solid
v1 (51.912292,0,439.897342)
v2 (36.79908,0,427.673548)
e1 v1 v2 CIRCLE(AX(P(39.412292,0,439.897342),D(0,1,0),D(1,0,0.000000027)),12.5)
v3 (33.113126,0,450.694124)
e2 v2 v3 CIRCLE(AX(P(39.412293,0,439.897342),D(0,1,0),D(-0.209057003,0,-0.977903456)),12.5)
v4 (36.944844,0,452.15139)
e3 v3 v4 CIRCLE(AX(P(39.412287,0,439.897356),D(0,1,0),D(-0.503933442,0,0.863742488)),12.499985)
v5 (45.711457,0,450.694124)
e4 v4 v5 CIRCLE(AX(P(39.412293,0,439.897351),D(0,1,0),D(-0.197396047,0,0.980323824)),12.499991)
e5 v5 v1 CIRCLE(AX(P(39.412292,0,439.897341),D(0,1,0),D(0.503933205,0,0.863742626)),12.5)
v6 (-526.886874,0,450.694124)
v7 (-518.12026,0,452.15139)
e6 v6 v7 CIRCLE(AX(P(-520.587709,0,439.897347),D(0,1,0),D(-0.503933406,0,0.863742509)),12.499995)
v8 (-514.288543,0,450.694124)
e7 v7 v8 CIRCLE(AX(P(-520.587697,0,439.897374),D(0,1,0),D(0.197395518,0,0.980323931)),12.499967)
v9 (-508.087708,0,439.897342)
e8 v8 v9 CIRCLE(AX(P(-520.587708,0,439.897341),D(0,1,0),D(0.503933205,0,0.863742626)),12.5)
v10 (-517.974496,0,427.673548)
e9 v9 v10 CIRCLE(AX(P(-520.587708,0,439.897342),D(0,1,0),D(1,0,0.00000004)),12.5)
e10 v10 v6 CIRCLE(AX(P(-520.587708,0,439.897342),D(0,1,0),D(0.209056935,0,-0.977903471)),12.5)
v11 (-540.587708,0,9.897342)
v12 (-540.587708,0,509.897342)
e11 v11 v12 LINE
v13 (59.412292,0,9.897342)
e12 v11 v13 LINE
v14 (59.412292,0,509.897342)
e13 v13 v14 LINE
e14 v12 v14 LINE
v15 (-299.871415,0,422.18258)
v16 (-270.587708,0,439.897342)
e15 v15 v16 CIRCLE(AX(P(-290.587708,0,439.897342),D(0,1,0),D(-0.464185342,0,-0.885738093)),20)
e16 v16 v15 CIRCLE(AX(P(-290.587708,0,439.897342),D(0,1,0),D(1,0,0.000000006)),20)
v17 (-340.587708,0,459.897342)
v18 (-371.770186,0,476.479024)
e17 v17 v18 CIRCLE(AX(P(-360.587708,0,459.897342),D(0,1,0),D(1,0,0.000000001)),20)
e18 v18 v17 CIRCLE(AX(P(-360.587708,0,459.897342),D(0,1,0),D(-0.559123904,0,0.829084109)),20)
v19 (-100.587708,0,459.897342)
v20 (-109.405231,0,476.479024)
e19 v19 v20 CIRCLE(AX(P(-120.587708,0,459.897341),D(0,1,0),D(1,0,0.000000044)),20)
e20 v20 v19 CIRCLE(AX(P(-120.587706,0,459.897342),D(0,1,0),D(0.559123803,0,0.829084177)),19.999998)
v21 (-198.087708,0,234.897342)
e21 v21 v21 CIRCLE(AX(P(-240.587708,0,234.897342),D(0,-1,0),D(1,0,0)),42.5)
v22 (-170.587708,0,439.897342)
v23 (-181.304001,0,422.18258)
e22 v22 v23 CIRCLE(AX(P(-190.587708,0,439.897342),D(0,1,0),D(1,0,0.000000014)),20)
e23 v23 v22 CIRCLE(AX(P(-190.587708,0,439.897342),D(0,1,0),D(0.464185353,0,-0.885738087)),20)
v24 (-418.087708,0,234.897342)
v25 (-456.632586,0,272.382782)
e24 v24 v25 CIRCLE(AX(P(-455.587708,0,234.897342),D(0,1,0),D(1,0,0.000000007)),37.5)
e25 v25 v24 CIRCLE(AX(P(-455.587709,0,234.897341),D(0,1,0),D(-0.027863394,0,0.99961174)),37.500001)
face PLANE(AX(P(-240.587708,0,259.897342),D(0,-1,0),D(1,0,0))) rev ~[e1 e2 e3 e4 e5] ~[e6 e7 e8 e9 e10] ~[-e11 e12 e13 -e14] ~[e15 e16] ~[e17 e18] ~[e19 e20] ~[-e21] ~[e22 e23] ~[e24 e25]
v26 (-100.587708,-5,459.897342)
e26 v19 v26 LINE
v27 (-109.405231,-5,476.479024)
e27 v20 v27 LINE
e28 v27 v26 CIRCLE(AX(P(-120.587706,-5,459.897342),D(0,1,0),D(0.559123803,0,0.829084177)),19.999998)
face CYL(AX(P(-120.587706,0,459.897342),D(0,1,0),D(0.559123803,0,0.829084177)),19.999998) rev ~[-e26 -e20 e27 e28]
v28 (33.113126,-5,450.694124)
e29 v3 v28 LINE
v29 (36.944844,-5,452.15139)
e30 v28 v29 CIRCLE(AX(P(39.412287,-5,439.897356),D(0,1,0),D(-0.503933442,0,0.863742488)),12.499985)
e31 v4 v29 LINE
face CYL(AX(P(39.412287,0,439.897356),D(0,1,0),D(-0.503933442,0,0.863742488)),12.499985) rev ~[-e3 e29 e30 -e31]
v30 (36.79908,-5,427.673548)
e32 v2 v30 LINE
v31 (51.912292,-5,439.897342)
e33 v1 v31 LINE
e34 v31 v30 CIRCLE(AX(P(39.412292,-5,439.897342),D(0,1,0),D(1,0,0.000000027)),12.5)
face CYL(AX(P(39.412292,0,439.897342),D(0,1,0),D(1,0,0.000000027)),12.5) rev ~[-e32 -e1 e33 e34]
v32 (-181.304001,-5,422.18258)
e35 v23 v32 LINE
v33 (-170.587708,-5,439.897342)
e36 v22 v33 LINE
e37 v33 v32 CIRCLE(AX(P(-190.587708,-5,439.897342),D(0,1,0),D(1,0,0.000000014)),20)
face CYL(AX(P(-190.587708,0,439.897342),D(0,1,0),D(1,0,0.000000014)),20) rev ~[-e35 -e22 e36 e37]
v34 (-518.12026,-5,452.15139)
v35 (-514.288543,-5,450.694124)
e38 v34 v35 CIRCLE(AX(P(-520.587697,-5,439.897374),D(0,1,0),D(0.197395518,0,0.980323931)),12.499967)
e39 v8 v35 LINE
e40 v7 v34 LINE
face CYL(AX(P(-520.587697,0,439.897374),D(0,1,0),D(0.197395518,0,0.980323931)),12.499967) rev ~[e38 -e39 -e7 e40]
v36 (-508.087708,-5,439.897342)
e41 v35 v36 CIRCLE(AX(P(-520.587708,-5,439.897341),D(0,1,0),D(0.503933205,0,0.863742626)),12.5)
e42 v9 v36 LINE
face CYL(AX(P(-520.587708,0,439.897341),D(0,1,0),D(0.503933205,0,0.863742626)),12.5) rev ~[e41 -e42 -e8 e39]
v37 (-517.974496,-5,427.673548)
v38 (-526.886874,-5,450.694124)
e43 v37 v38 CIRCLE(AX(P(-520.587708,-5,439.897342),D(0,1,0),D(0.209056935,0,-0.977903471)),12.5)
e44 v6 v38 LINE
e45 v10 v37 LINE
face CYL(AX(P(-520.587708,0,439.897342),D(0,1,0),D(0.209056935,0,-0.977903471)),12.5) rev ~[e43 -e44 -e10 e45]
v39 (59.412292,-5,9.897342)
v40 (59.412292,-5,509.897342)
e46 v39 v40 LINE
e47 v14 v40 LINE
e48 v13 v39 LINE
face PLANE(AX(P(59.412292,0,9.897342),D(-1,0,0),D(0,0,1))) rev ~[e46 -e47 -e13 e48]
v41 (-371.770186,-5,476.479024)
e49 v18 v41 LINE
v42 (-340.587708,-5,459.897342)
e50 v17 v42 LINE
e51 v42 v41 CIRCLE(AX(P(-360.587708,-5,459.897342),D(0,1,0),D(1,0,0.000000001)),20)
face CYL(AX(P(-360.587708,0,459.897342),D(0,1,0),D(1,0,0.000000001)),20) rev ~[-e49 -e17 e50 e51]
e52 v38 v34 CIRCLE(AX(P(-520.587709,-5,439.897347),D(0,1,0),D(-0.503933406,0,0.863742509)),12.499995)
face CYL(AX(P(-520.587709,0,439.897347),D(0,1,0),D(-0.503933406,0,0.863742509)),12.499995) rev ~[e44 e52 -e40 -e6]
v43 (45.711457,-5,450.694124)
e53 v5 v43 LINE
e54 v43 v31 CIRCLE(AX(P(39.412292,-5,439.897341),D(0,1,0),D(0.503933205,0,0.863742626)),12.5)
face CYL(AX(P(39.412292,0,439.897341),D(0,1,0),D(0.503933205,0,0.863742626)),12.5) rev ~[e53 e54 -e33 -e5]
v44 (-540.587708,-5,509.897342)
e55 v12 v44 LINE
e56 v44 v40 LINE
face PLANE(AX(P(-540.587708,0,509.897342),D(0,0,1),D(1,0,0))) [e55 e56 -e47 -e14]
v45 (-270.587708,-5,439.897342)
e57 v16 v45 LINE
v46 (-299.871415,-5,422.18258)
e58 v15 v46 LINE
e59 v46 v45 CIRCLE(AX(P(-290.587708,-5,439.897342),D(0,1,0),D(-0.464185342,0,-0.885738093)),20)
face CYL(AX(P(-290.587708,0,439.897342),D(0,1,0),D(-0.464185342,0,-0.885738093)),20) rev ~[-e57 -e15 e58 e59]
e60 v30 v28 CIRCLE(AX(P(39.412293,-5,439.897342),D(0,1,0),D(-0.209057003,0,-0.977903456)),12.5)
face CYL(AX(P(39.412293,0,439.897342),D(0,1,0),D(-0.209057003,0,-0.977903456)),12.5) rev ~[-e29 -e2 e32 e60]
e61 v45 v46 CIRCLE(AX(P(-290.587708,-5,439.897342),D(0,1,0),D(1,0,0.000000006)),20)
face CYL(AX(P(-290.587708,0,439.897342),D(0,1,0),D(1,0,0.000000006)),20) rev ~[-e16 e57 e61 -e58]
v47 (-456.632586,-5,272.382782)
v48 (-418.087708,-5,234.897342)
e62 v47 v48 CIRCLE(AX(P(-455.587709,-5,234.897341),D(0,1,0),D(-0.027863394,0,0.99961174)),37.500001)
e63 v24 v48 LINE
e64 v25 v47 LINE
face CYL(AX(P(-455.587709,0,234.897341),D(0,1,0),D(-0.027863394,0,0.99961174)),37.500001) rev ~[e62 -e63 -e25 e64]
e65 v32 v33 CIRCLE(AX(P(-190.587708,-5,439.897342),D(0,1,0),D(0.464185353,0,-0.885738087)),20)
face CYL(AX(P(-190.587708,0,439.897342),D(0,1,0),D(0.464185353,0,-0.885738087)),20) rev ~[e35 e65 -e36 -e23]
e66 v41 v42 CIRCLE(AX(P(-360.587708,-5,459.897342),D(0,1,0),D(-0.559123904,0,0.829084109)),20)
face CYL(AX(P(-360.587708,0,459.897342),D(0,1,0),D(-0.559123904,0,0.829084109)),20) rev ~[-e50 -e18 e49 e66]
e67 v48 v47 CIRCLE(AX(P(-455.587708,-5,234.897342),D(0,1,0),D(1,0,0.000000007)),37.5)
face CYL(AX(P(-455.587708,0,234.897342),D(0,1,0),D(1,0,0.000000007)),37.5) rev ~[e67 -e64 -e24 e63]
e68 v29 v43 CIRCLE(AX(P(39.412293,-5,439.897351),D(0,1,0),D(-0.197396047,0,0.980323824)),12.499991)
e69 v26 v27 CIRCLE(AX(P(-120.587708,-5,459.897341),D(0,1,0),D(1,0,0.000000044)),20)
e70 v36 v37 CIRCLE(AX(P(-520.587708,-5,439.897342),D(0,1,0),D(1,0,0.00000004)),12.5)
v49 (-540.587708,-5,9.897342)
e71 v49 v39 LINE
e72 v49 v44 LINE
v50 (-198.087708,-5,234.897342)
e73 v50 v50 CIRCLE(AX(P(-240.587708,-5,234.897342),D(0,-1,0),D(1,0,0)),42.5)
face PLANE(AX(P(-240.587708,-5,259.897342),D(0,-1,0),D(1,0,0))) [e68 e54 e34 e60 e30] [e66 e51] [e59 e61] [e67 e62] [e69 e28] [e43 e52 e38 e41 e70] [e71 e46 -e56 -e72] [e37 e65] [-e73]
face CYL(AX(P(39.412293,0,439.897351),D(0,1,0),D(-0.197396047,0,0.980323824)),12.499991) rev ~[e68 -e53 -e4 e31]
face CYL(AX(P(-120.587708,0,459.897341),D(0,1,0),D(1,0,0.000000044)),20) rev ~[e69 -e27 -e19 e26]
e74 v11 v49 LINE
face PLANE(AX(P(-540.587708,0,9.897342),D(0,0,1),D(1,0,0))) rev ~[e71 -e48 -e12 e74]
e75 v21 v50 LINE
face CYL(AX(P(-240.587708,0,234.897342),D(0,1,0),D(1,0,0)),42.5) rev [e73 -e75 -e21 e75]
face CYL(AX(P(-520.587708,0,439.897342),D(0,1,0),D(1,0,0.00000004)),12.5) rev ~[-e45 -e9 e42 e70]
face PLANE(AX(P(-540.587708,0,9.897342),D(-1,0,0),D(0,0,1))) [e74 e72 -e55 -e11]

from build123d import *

# Parameters (mm, degrees)
F0_W     = 600
F0_H     = 500
F0_R     = 42.5
F1_DEPTH = 5


with BuildPart() as f1:
    # F0 (on Front) → F1 (new body)
    with BuildSketch(Plane.XZ):
        with Locations((-240.587708, 259.897342)):
            Rectangle(F0_W, F0_H)
        with BuildLine():
            ThreePointArc((-418.087708, 234.897342), (-481.732182, 208.013955), (-456.632586, 272.382782))
            ThreePointArc((-456.632586, 272.382782), (-429.443234, 261.780728), (-418.087708, 234.897342))
        make_face(mode=Mode.SUBTRACT)
        with Locations((-240.587708, 234.897342)):
            Circle(F0_R, mode=Mode.SUBTRACT)
        with BuildLine():
            ThreePointArc((-526.886874, 450.694124), (-522.637445, 452.22814), (-518.12026, 452.15139))
            ThreePointArc((-518.12026, 452.15139), (-516.144254, 451.580908), (-514.288543, 450.694124))
            ThreePointArc((-514.288543, 450.694124), (-509.748207, 446.12271), (-508.087708, 439.897342))
            ThreePointArc((-508.087708, 439.897342), (-510.868779, 432.036526), (-517.974496, 427.673548))
            ThreePointArc((-517.974496, 427.673548), (-532.244607, 435.384393), (-526.886874, 450.694124))
        make_face(mode=Mode.SUBTRACT)
        with BuildLine():
            ThreePointArc((-270.587708, 439.897342), (-280.235755, 422.784859), (-299.871415, 422.18258))
            ThreePointArc((-299.871415, 422.18258), (-300.939661, 457.009825), (-270.587708, 439.897342))
        make_face(mode=Mode.SUBTRACT)
        with BuildLine():
            ThreePointArc((-371.770186, 476.479024), (-351.197542, 477.555903), (-340.587708, 459.897342))
            ThreePointArc((-340.587708, 459.897342), (-369.977874, 442.238781), (-371.770186, 476.479024))
        make_face(mode=Mode.SUBTRACT)
        with BuildLine():
            ThreePointArc((-170.587708, 439.897342), (-173.475225, 429.545389), (-181.304001, 422.18258))
            ThreePointArc((-181.304001, 422.18258), (-207.700191, 450.249295), (-170.587708, 439.897342))
        make_face(mode=Mode.SUBTRACT)
        with BuildLine():
            ThreePointArc((-100.587708, 459.897342), (-138.246269, 450.507175), (-109.405231, 476.479024))
            ThreePointArc((-109.405231, 476.479024), (-102.929147, 469.287508), (-100.587708, 459.897342))
        make_face(mode=Mode.SUBTRACT)
        with BuildLine():
            ThreePointArc((51.912292, 439.897342), (47.273108, 430.178413), (36.79908, 427.673548))
            ThreePointArc((36.79908, 427.673548), (27.069507, 437.921069), (33.113126, 450.694124))
            ThreePointArc((33.113126, 450.694124), (34.968838, 451.580908), (36.944844, 452.15139))
            ThreePointArc((36.944844, 452.15139), (41.462029, 452.22814), (45.711457, 450.694124))
            ThreePointArc((45.711457, 450.694124), (50.251793, 446.12271), (51.912292, 439.897342))
        make_face(mode=Mode.SUBTRACT)
    extrude(amount=F1_DEPTH)


solid = f1.part
